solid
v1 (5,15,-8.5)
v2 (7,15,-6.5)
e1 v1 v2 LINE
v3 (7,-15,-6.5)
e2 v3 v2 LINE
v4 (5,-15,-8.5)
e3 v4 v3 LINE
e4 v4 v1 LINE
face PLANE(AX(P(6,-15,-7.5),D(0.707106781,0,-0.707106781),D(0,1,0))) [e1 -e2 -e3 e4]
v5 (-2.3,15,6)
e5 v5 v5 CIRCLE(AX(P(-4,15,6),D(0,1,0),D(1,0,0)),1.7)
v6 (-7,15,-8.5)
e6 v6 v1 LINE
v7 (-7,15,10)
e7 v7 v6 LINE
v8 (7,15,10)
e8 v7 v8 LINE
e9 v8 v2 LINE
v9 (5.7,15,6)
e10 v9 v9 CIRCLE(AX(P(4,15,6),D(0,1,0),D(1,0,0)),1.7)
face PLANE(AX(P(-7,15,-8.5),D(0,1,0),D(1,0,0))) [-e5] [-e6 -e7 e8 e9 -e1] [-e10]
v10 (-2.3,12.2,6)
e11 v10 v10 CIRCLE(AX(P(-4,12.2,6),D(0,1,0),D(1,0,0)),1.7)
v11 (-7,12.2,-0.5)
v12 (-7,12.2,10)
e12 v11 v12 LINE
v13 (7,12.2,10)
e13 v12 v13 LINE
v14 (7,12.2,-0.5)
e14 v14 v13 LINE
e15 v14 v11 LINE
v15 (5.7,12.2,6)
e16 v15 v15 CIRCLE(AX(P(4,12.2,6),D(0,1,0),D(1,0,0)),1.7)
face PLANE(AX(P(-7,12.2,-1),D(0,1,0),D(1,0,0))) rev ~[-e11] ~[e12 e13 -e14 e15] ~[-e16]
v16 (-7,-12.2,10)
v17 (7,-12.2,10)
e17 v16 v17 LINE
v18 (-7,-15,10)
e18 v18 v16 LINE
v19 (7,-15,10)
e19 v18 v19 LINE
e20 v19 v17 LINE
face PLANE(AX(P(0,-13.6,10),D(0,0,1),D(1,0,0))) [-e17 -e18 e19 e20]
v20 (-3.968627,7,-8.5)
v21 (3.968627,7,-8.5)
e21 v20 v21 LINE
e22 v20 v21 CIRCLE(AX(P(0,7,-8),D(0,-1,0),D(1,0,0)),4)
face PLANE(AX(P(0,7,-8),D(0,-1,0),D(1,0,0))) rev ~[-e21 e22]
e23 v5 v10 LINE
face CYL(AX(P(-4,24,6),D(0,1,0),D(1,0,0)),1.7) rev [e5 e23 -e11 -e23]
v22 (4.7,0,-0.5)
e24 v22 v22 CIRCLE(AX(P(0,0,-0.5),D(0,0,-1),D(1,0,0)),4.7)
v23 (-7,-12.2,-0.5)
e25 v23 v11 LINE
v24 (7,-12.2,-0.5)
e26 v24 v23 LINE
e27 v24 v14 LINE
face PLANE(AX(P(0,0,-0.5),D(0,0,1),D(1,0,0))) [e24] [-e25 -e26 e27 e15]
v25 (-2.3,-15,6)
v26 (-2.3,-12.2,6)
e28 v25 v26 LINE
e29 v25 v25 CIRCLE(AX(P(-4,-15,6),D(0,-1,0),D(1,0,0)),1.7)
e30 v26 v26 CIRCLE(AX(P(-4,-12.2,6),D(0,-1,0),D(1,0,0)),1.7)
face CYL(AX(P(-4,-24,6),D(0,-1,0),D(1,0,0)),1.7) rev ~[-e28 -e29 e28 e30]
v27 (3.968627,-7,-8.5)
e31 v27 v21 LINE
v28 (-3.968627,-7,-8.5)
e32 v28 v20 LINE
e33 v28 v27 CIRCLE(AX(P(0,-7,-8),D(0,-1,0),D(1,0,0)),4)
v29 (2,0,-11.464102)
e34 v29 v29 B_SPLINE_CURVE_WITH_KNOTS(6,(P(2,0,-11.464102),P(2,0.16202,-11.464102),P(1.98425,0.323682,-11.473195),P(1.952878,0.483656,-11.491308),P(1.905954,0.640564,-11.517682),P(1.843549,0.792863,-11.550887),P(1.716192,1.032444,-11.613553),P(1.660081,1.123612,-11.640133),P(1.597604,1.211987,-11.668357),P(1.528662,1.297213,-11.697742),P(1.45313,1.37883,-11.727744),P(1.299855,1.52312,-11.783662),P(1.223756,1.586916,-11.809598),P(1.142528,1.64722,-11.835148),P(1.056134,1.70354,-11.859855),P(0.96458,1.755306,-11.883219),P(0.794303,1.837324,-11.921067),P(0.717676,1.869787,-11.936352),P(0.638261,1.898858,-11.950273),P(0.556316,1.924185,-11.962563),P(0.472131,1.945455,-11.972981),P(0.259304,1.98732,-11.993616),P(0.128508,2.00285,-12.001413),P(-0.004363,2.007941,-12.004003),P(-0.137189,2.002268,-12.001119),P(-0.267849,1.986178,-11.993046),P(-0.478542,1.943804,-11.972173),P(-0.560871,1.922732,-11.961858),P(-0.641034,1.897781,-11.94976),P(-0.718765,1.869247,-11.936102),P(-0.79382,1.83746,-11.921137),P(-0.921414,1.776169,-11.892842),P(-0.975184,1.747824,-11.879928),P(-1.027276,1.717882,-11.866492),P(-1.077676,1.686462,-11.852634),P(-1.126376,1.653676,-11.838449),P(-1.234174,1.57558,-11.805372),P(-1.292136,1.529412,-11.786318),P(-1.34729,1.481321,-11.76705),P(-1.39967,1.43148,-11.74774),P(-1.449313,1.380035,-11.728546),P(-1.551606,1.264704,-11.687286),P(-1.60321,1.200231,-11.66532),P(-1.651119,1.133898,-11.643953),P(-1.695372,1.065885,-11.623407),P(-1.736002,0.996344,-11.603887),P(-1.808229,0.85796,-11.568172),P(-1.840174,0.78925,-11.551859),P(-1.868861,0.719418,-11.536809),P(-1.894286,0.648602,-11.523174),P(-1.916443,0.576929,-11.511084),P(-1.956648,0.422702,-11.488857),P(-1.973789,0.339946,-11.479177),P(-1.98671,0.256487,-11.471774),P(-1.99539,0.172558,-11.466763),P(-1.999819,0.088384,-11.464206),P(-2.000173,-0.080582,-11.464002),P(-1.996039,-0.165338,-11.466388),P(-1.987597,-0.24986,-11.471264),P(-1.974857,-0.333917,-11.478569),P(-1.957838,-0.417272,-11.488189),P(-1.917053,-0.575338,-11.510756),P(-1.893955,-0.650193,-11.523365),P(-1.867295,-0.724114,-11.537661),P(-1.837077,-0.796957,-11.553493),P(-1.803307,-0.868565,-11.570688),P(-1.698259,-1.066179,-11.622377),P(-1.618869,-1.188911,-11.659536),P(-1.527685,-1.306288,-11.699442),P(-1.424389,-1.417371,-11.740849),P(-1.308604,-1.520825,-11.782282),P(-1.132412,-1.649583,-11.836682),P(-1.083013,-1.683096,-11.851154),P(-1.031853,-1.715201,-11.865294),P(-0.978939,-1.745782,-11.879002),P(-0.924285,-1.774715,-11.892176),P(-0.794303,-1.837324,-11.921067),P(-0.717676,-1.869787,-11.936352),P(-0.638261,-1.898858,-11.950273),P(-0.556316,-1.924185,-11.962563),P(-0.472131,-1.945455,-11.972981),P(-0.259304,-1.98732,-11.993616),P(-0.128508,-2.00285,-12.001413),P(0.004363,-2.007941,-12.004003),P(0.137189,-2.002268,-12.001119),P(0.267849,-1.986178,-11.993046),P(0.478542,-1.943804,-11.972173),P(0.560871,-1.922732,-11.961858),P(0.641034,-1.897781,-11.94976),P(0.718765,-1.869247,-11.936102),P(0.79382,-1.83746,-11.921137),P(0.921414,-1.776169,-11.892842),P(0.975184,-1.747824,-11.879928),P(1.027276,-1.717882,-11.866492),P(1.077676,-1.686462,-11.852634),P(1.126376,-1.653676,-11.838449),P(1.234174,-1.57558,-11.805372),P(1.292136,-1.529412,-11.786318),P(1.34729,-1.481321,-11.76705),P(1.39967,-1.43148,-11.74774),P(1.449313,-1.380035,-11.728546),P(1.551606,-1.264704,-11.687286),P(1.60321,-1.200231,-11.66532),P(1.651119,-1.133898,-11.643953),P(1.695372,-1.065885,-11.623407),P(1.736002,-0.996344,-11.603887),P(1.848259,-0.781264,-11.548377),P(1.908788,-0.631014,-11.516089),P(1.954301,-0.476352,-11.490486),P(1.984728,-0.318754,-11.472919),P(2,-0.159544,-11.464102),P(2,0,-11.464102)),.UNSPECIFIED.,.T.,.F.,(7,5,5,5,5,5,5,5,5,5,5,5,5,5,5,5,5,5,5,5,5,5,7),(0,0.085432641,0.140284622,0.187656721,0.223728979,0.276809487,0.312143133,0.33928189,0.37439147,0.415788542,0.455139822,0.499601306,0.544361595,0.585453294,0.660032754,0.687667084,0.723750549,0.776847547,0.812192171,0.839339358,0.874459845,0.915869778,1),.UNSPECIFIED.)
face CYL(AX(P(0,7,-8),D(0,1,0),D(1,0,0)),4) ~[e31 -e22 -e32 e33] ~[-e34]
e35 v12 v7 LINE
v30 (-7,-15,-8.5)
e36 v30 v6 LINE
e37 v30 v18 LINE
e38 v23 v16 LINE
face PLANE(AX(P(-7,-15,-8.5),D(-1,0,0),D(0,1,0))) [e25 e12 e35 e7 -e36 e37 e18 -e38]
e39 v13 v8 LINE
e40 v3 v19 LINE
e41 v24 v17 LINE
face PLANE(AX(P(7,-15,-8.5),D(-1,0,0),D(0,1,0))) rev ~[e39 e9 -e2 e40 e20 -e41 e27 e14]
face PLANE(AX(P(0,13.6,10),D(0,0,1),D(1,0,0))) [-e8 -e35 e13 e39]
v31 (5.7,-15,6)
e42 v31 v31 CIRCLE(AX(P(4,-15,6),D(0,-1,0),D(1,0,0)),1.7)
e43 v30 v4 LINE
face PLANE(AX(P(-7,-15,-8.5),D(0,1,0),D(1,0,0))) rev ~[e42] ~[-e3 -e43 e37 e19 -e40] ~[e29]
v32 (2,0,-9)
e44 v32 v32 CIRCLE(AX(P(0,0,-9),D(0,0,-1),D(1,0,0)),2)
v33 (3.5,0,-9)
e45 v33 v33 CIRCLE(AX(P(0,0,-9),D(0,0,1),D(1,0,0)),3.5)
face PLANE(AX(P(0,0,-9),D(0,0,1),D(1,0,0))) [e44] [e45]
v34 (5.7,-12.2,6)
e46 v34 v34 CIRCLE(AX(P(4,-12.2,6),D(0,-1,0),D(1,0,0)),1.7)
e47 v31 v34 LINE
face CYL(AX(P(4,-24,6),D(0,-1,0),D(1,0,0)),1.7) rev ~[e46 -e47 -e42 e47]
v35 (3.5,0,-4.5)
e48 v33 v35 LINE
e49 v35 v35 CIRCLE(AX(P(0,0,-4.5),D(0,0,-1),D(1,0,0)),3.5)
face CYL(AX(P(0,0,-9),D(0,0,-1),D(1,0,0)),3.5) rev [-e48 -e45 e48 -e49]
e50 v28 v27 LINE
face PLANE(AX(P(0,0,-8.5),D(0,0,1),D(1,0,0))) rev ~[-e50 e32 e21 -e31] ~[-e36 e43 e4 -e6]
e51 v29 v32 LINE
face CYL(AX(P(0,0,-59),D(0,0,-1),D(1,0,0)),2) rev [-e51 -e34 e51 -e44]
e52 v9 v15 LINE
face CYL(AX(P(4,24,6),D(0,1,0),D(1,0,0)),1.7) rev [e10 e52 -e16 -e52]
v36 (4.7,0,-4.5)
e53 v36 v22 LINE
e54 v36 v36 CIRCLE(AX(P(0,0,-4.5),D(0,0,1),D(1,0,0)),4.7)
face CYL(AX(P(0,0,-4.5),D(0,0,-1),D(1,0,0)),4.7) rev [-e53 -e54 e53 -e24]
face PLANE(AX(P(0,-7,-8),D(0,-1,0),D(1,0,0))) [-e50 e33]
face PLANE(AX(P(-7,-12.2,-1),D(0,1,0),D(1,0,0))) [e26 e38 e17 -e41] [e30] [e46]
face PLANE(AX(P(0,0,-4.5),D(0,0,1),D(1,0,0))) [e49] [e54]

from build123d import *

# Parameters (mm, degrees)
CYLINDER036_R          = 3.5
CYLINDER036_DEPTH      = 30
CYLINDER035_R          = 4.7
CYLINDER035_DEPTH      = 30
CYLINDER065_R          = 2
CYLINDER065_DEPTH      = 62
CYLINDER066_R          = 4
CYLINDER066_DEPTH      = 14
CYLINDER066_ROLL_ANGLE = 90
CYLINDER030_R          = 1.7
CYLINDER030_DEPTH      = 19
CYLINDER030_ROLL_ANGLE = 90
CYLINDER033_R          = 1.7
CYLINDER033_DEPTH      = 19
CYLINDER033_ROLL_ANGLE = 90
CYLINDER034_R          = 1.7
CYLINDER034_DEPTH      = 19
CYLINDER034_ROLL_ANGLE = 90
CYLINDER029_R          = 1.7
CYLINDER029_DEPTH      = 19
CYLINDER029_ROLL_ANGLE = 90
BOX001012_W            = 14
BOX001012_H            = 2.8
BOX001012_DEPTH        = 11
BOX001011_W            = 14
BOX001011_H            = 2.8
BOX001011_DEPTH        = 11
BOX001010_W            = 14
BOX001010_H            = 30
BOX001010_DEPTH        = 8
CHAMFER011_SIZE        = 2


with BuildPart() as cylinder036:
    # Cylinder036 → Cylinder036 (new body)
    with BuildSketch(Plane.XY.offset(-9)):
        Circle(CYLINDER036_R)
    extrude(amount=CYLINDER036_DEPTH)


with BuildPart() as bearing_nut:
    # Cylinder035 → Cylinder035 (new body)
    with BuildSketch(Plane.XY.offset(-4.5)):
        Circle(CYLINDER035_R)
    extrude(amount=CYLINDER035_DEPTH)

    # Fusion080: union Cylinder036
    add(cylinder036.part)


with BuildPart() as cylinder065:
    # Cylinder065 → Cylinder065 (new body)
    with BuildSketch(Plane.XY.offset(-59)):
        Circle(CYLINDER065_R)
    extrude(amount=CYLINDER065_DEPTH)


with BuildPart() as cut035:
    # Cylinder066 → Cylinder066 (new body)
    with BuildSketch(Plane.XY):
        Circle(CYLINDER066_R)
    extrude(amount=CYLINDER066_DEPTH)


with BuildPart() as cut035_1:
    # Cylinder066 roll: moved
    add(cut035.part.rotate(Axis((0, 0, 0), (1, 0, 0)), CYLINDER066_ROLL_ANGLE))


with BuildPart() as cut035_2:
    # Cylinder066 placement: moved
    add(cut035_1.part.moved(Location((0, 7, -8))))

    # Cut035: cut Cylinder065
    add(cylinder065.part, mode=Mode.SUBTRACT)


with BuildPart() as cylinder030:
    # Cylinder030 → Cylinder030 (new body)
    with BuildSketch(Plane.XY):
        Circle(CYLINDER030_R)
    extrude(amount=CYLINDER030_DEPTH)


with BuildPart() as cylinder030_1:
    # Cylinder030 roll: moved
    add(cylinder030.part.rotate(Axis((0, 0, 0), (1, 0, 0)), CYLINDER030_ROLL_ANGLE))


with BuildPart() as cylinder030_2:
    # Cylinder030 placement: moved
    add(cylinder030_1.part.moved(Location((4, 24, 6))))


with BuildPart() as cylinder033:
    # Cylinder033 → Cylinder033 (new body)
    with BuildSketch(Plane.XY):
        Circle(CYLINDER033_R)
    extrude(amount=CYLINDER033_DEPTH)


with BuildPart() as cylinder033_1:
    # Cylinder033 roll: moved
    add(cylinder033.part.rotate(Axis((0, 0, 0), (1, 0, 0)), CYLINDER033_ROLL_ANGLE))


with BuildPart() as cylinder033_2:
    # Cylinder033 placement: moved
    add(cylinder033_1.part.moved(Location((4, 24, 6))))


with BuildPart() as part_mirroring002:
    # Part__Mirroring002: instance of Cylinder033
    add(cylinder033_2.part.mirror(Plane(origin=(0, 0, 0), x_dir=(1, 0, 0), z_dir=(0, 1, 0))))


with BuildPart() as cylinder034:
    # Cylinder034 → Cylinder034 (new body)
    with BuildSketch(Plane.XY):
        Circle(CYLINDER034_R)
    extrude(amount=CYLINDER034_DEPTH)


with BuildPart() as cylinder034_1:
    # Cylinder034 roll: moved
    add(cylinder034.part.rotate(Axis((0, 0, 0), (1, 0, 0)), CYLINDER034_ROLL_ANGLE))


with BuildPart() as cylinder034_2:
    # Cylinder034 placement: moved
    add(cylinder034_1.part.moved(Location((-4, 24, 6))))


with BuildPart() as part_mirroring003:
    # Part__Mirroring003: instance of Cylinder034
    add(cylinder034_2.part.mirror(Plane(origin=(0, 0, 0), x_dir=(1, 0, 0), z_dir=(0, 1, 0))))


with BuildPart() as m3_clear_a:
    # Cylinder029 → Cylinder029 (new body)
    with BuildSketch(Plane.XY):
        Circle(CYLINDER029_R)
    extrude(amount=CYLINDER029_DEPTH)


with BuildPart() as m3_clear_a_1:
    # Cylinder029 roll: moved
    add(m3_clear_a.part.rotate(Axis((0, 0, 0), (1, 0, 0)), CYLINDER029_ROLL_ANGLE))


with BuildPart() as m3_clear_a_2:
    # Cylinder029 placement: moved
    add(m3_clear_a_1.part.moved(Location((-4, 24, 6))))

    # Fusion057: union Cylinder030, Part__Mirroring002, Part__Mirroring003
    add(cylinder030_2.part)
    add(part_mirroring002.part)
    add(part_mirroring003.part)


with BuildPart() as cube010:
    # Box001012 → Box001012 (new body)
    with BuildSketch(Plane(origin=(-7, 12.2, -1), x_dir=(1, 0, 0), z_dir=(0, 0, 1))):
        with Locations((7, 1.4)):
            Rectangle(BOX001012_W, BOX001012_H)
    extrude(amount=BOX001012_DEPTH)


with BuildPart() as cube009:
    # Box001011 → Box001011 (new body)
    with BuildSketch(Plane(origin=(-7, -15, -1), x_dir=(1, 0, 0), z_dir=(0, 0, 1))):
        with Locations((7, 1.4)):
            Rectangle(BOX001011_W, BOX001011_H)
    extrude(amount=BOX001011_DEPTH)


with BuildPart() as bearing_clamp:
    # Box001010 → Box001010 (new body)
    with BuildSketch(Plane(origin=(-7, -15, -8.5), x_dir=(1, 0, 0), z_dir=(0, 0, 1))):
        with Locations((7, 15)):
            Rectangle(BOX001010_W, BOX001010_H)
    extrude(amount=BOX001010_DEPTH)

    # Fusion055: union Cube010, Cube009
    add(cube010.part)
    add(cube009.part)

    # Cut006: cut M3-clear-a
    add(m3_clear_a_2.part, mode=Mode.SUBTRACT)

    # Fusion081: union Cut035
    add(cut035_2.part)

    # Cut036: cut bearing-nut
    add(bearing_nut.part, mode=Mode.SUBTRACT)

    # Chamfer011
    chamfer011_edges = [bearing_clamp.edges().sort_by_distance(p)[0] for p in [
        (7, 0, -8.5),
    ]]
    chamfer(chamfer011_edges, length=CHAMFER011_SIZE)


solid = bearing_clamp.part
